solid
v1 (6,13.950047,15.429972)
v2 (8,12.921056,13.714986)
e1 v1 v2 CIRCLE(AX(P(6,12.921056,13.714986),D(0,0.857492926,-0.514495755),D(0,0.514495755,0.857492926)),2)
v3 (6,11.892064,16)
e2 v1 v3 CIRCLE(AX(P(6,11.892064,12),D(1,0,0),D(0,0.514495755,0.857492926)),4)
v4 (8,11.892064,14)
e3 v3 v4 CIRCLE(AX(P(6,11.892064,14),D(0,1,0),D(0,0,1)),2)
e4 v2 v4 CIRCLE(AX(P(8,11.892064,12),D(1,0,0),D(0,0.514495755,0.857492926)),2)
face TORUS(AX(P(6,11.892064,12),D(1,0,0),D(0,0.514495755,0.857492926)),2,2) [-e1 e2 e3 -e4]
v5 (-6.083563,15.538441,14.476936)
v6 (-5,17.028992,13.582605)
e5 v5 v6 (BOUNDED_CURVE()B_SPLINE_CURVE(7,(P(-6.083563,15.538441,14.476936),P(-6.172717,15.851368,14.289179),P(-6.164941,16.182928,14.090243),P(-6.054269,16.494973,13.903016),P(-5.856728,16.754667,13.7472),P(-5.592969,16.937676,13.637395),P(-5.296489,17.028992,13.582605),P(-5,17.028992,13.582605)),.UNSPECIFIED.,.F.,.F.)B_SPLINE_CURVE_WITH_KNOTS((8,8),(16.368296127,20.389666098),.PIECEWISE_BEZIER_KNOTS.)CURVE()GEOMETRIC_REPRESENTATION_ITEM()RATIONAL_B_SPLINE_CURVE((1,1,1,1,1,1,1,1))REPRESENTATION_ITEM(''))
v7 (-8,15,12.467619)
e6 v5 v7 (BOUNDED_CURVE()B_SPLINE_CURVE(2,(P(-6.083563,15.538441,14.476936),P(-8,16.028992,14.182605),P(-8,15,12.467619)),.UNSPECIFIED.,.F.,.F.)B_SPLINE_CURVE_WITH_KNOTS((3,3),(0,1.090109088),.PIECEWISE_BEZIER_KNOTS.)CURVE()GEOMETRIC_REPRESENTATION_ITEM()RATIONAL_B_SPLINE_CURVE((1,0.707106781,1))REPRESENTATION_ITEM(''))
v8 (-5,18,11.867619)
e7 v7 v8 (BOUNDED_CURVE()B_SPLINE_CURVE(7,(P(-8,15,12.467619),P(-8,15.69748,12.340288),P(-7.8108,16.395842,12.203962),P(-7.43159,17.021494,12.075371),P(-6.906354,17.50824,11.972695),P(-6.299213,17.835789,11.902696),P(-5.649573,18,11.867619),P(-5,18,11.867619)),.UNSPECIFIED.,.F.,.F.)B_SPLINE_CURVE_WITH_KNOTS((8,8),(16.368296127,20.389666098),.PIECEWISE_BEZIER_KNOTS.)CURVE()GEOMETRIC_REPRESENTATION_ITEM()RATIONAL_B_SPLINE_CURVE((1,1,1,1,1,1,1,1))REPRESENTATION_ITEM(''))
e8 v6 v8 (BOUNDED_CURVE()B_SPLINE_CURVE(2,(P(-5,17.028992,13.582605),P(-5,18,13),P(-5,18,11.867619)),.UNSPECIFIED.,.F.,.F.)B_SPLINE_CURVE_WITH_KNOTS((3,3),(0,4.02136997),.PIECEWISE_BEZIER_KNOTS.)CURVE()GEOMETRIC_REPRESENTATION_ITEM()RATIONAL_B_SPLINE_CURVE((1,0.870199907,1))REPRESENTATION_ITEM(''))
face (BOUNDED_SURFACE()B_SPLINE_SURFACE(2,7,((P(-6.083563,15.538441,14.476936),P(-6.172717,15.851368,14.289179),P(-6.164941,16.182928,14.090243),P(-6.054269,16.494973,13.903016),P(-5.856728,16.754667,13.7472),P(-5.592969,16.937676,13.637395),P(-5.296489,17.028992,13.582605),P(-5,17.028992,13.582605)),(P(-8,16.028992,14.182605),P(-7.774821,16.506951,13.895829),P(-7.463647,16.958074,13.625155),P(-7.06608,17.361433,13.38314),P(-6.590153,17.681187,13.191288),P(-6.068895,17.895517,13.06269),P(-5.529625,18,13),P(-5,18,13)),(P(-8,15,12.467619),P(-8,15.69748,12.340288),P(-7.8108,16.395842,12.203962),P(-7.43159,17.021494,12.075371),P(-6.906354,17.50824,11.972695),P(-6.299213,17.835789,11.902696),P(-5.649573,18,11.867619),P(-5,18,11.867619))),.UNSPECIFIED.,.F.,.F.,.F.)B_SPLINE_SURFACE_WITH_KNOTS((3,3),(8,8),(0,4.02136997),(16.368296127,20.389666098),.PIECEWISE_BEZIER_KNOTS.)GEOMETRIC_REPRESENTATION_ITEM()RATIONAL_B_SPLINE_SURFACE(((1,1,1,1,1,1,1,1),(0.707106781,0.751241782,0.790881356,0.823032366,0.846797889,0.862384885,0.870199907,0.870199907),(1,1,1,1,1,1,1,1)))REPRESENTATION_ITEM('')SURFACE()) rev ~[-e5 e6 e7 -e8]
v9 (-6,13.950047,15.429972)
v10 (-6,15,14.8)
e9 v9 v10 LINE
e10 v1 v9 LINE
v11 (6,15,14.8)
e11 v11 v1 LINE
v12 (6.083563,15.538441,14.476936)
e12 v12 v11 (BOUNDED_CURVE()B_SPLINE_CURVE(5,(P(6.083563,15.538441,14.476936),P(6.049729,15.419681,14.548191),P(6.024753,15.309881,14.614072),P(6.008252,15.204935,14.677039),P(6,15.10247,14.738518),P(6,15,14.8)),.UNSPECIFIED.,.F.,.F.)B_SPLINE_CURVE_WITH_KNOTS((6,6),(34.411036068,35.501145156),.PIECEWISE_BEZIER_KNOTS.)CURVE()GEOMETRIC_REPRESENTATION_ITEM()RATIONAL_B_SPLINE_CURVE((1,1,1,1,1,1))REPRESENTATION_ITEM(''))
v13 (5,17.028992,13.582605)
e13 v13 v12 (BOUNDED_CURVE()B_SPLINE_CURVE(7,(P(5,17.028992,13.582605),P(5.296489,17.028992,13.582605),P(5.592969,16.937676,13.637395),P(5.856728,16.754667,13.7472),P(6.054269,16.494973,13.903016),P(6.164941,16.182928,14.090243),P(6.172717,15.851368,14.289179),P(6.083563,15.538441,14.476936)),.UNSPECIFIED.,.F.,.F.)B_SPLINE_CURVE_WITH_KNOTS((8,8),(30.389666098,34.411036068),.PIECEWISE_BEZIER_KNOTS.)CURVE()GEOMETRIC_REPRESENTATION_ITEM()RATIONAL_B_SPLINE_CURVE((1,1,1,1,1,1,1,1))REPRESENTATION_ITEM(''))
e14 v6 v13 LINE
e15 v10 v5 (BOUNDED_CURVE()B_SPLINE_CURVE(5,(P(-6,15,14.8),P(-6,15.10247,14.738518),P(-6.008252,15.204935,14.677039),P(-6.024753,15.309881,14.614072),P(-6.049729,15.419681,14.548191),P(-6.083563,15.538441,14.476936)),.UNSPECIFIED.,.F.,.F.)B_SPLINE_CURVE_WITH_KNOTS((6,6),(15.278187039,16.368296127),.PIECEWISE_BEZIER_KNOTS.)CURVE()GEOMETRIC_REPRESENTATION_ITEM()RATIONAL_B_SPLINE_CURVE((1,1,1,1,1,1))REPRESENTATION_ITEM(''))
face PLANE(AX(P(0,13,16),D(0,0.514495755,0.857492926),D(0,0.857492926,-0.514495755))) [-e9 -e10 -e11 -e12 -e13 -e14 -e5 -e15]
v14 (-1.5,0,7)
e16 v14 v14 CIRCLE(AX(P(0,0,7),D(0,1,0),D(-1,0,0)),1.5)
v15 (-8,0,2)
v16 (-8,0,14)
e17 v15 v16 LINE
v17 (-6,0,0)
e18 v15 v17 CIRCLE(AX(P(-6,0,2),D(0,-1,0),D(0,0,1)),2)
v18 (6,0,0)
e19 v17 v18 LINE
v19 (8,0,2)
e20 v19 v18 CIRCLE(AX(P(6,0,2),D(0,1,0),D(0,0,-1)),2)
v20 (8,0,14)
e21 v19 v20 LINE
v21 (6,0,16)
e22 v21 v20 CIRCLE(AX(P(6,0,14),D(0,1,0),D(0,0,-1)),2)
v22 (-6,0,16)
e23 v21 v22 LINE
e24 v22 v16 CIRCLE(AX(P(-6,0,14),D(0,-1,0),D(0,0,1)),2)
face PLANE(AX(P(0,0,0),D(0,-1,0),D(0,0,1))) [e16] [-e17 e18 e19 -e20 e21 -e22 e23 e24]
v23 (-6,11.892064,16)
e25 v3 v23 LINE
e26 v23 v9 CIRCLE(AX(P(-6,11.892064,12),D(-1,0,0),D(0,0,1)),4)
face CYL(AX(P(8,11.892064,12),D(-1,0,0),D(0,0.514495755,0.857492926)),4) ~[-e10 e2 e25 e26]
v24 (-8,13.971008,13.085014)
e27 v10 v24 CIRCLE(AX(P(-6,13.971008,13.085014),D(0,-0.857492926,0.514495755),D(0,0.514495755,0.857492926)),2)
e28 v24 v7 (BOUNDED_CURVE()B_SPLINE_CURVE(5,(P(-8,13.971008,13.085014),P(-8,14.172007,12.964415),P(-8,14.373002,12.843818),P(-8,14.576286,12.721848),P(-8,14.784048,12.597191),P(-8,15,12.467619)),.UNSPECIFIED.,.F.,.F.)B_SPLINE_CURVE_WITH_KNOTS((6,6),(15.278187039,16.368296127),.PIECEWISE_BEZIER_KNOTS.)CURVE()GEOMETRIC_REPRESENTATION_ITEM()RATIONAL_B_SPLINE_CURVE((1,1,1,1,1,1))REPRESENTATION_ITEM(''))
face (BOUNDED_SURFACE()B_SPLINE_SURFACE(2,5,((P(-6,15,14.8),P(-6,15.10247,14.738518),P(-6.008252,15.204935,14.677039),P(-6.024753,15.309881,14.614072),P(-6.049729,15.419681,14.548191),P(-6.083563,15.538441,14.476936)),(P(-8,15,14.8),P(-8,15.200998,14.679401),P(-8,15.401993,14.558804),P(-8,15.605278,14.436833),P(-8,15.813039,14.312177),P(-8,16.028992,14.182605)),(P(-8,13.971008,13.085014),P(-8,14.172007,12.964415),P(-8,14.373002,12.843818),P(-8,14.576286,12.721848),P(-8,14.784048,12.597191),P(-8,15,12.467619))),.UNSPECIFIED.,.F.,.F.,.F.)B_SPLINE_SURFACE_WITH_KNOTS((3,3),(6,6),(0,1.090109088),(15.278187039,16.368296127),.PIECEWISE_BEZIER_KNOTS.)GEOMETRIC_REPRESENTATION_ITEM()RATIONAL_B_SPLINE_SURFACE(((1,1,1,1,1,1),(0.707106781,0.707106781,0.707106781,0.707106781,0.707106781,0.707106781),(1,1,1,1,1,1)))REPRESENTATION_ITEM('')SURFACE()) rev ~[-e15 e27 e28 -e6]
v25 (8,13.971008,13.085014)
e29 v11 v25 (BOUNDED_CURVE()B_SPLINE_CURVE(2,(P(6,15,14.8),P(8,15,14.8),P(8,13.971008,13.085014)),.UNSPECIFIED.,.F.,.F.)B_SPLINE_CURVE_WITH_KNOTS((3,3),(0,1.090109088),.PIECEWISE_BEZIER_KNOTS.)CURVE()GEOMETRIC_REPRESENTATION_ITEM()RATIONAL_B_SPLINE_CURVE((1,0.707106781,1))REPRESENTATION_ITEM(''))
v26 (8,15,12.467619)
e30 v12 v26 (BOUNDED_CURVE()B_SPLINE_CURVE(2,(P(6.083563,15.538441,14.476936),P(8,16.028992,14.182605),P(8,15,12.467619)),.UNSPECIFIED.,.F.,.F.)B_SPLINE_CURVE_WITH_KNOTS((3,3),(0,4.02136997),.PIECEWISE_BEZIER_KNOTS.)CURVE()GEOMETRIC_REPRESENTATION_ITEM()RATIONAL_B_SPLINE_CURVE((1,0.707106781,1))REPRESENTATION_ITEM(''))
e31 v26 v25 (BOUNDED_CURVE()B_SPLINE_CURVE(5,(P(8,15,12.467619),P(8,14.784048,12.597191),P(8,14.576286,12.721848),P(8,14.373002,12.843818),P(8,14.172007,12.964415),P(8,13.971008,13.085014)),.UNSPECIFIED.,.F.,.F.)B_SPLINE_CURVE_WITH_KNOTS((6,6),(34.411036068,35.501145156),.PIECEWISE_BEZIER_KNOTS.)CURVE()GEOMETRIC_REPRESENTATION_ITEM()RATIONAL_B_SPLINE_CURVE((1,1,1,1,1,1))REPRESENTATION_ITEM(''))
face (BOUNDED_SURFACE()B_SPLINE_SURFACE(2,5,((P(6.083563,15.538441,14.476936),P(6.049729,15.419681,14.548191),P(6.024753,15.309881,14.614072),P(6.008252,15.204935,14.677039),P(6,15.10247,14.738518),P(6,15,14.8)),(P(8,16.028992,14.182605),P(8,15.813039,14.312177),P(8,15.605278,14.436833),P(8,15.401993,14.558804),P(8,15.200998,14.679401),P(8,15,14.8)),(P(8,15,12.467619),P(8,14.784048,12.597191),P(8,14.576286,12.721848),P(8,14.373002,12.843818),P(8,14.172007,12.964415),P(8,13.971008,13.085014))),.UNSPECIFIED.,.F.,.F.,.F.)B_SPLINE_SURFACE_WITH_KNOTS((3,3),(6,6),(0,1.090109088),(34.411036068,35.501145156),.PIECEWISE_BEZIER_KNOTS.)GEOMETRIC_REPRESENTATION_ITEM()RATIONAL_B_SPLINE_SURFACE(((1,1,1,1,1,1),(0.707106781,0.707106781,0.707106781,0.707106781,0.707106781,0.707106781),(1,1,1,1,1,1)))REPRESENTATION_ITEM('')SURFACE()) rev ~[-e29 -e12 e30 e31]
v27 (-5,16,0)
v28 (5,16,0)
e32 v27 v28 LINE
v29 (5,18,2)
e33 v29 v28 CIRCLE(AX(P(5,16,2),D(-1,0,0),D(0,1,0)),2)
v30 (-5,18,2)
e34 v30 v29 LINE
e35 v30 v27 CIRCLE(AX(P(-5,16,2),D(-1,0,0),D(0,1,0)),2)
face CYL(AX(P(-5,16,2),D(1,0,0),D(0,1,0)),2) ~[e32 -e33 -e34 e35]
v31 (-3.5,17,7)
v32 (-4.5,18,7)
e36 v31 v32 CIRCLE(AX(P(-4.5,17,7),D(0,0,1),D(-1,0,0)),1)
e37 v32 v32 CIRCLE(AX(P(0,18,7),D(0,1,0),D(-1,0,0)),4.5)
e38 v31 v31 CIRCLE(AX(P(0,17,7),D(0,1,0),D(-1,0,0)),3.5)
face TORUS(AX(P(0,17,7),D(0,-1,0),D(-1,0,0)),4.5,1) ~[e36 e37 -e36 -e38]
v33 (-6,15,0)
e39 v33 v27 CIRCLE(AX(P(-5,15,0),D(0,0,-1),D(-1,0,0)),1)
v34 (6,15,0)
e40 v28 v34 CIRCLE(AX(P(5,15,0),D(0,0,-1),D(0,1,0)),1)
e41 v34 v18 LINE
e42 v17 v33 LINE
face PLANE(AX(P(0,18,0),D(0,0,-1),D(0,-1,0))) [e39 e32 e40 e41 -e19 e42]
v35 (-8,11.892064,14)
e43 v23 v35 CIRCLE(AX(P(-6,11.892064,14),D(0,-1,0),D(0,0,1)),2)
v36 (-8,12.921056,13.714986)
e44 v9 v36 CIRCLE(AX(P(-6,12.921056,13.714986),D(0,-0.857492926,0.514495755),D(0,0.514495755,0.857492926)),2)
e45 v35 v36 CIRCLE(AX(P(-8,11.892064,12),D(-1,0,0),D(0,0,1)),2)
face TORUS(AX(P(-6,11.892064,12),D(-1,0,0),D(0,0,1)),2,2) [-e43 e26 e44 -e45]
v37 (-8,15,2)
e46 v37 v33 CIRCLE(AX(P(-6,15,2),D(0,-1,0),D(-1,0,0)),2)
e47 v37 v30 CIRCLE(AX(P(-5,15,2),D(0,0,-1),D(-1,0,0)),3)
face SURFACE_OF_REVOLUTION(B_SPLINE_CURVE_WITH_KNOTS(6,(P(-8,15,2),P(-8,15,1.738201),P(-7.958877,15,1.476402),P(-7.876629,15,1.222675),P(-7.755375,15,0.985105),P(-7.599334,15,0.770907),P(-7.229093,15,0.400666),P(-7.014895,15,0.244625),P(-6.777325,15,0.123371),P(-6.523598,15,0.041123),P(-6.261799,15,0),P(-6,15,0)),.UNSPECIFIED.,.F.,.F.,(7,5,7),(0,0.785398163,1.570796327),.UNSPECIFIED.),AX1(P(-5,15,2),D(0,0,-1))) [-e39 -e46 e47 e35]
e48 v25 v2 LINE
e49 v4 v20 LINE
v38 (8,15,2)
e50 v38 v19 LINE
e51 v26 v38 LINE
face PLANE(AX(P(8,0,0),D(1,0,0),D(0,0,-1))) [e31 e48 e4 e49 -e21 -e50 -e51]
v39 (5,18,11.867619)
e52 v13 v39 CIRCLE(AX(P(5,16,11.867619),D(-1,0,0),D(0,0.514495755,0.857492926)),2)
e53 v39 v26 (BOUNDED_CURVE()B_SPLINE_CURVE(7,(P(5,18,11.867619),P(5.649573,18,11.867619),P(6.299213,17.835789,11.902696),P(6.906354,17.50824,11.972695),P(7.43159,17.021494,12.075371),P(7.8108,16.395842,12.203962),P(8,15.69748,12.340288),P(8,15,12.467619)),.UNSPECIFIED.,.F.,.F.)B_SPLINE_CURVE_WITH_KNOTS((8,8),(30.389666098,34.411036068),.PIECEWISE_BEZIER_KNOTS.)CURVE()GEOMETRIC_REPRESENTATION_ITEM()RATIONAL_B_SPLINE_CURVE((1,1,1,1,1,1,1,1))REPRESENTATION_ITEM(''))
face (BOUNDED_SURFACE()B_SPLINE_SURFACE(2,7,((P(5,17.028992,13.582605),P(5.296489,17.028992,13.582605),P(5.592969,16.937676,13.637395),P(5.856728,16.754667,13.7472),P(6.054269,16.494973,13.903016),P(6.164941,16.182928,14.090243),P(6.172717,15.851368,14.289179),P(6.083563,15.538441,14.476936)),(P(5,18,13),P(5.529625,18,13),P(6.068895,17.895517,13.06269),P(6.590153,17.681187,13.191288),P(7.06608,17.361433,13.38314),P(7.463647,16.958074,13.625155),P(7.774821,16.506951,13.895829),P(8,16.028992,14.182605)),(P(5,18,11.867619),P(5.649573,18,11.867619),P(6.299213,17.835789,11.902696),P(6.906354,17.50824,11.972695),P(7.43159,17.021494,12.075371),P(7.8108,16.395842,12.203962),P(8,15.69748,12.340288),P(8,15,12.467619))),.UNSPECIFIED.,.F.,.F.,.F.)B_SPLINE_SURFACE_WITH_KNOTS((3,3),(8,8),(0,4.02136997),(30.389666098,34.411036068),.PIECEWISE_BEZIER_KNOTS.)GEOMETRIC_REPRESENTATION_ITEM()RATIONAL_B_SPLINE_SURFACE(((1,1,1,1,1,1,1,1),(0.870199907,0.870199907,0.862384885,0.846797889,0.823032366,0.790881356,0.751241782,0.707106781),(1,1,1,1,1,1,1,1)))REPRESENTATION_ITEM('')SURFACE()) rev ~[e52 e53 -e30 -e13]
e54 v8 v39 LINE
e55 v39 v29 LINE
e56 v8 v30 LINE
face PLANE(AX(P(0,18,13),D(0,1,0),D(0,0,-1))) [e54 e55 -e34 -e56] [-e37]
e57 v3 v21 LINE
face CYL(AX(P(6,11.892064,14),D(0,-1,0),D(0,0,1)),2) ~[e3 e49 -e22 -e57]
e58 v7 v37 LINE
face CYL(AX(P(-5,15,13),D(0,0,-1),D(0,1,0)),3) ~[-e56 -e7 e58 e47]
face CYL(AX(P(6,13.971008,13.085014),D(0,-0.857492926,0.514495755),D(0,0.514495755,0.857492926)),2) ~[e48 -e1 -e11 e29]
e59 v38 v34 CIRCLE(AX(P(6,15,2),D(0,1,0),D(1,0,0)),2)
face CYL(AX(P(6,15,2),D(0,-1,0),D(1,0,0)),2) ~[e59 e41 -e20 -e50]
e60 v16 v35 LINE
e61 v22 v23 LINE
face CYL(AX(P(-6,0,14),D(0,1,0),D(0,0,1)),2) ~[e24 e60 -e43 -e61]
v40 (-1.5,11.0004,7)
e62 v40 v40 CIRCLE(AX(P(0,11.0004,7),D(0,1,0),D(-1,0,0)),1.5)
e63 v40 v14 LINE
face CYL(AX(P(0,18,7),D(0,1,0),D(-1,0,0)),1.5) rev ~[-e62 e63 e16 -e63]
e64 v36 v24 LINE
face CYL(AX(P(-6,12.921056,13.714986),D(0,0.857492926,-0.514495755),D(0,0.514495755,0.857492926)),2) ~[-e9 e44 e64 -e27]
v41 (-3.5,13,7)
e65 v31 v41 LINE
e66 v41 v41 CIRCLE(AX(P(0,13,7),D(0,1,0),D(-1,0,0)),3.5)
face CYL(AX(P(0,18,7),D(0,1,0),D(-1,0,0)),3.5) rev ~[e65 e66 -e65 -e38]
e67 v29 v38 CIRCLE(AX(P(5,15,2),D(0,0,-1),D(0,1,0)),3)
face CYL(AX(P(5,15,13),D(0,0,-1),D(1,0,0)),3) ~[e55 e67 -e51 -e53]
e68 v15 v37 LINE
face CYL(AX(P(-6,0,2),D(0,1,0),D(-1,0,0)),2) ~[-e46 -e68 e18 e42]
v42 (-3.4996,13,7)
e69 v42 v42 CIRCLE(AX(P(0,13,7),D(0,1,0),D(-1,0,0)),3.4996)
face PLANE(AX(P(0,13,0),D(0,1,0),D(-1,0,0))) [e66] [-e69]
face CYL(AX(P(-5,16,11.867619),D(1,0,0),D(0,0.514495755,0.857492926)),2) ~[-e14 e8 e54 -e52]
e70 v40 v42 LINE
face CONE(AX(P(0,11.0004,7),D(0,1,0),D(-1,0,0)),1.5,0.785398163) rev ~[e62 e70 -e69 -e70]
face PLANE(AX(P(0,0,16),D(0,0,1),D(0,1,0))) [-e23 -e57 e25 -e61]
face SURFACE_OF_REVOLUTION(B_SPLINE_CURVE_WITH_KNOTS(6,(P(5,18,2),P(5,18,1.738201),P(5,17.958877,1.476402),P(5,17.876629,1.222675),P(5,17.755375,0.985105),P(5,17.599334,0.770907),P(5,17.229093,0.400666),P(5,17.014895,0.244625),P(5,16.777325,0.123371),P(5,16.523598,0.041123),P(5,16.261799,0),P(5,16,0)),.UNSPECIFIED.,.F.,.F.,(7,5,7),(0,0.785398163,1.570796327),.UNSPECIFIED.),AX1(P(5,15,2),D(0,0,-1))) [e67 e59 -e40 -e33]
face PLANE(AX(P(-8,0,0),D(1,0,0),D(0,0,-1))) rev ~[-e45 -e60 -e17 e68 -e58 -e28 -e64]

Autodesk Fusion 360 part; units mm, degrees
sketch "Skizze1" plane through (0, 0, 0) normal (1, 0, 0) x (0, 0, -1)
  line L0 (0, 0) -> (-16, 0)
  line L1 (-16, 0) -> (-16, 13)
  line L2 (-16, 13) -> (-13, 18)
  line L3 (-13, 18) -> (0, 18)
  line L4 (0, 18) -> (0, 0)
  dimension "d1" = 18
  dimension "d2" = 13
  dimension "d3" = 16
  dimension "d5" = 3
extrude "Extrusion1" add sketch "Skizze1" along normal mid plane 16
fillet "Abrundung5" radius 3 2 edges at (8, 18, 6.5) (-8, 18, 6.5)
fillet "Abrundung1" radius 4 1 edges at (0, 13, 16)
fillet "Abrundung2" radius 2 1 edges at (0, 18, 13)
sketch "Skizze2" plane through (0, 18, 0) normal (0, 1, 0) x (-1, 0, 0)
  line L0 (5, 11.8676) -> (-5, 11.8676)
  line L1 (-5, 0) -> (5, 0)
  circle A0 centre (0, 7) radius 1.5
  circle A1 centre (0, 7) radius 3.5
  line L2 (-5, 11.8676) -> (-5, 0)
  line L3 (5, 0) -> (5, 11.8676)
  dimension "d12" = 3
  dimension "d13" = 7
  dimension "d14" = 7
extrude "Extrusion2" cut sketch "Skizze2" against normal blind 23 contours A0
extrude "Extrusion3" cut sketch "Skizze2" against normal blind 5 contours A1
chamfer "Fase2" distance 2 angle 45 1 edges at (1.3985, 13, 6.4576)
fillet "Abrundung3" radius 1 1 edges at (3.2631, 18, 8.2657)
fillet "Abrundung4" radius 2 1 edges at (0, 18, 0)
